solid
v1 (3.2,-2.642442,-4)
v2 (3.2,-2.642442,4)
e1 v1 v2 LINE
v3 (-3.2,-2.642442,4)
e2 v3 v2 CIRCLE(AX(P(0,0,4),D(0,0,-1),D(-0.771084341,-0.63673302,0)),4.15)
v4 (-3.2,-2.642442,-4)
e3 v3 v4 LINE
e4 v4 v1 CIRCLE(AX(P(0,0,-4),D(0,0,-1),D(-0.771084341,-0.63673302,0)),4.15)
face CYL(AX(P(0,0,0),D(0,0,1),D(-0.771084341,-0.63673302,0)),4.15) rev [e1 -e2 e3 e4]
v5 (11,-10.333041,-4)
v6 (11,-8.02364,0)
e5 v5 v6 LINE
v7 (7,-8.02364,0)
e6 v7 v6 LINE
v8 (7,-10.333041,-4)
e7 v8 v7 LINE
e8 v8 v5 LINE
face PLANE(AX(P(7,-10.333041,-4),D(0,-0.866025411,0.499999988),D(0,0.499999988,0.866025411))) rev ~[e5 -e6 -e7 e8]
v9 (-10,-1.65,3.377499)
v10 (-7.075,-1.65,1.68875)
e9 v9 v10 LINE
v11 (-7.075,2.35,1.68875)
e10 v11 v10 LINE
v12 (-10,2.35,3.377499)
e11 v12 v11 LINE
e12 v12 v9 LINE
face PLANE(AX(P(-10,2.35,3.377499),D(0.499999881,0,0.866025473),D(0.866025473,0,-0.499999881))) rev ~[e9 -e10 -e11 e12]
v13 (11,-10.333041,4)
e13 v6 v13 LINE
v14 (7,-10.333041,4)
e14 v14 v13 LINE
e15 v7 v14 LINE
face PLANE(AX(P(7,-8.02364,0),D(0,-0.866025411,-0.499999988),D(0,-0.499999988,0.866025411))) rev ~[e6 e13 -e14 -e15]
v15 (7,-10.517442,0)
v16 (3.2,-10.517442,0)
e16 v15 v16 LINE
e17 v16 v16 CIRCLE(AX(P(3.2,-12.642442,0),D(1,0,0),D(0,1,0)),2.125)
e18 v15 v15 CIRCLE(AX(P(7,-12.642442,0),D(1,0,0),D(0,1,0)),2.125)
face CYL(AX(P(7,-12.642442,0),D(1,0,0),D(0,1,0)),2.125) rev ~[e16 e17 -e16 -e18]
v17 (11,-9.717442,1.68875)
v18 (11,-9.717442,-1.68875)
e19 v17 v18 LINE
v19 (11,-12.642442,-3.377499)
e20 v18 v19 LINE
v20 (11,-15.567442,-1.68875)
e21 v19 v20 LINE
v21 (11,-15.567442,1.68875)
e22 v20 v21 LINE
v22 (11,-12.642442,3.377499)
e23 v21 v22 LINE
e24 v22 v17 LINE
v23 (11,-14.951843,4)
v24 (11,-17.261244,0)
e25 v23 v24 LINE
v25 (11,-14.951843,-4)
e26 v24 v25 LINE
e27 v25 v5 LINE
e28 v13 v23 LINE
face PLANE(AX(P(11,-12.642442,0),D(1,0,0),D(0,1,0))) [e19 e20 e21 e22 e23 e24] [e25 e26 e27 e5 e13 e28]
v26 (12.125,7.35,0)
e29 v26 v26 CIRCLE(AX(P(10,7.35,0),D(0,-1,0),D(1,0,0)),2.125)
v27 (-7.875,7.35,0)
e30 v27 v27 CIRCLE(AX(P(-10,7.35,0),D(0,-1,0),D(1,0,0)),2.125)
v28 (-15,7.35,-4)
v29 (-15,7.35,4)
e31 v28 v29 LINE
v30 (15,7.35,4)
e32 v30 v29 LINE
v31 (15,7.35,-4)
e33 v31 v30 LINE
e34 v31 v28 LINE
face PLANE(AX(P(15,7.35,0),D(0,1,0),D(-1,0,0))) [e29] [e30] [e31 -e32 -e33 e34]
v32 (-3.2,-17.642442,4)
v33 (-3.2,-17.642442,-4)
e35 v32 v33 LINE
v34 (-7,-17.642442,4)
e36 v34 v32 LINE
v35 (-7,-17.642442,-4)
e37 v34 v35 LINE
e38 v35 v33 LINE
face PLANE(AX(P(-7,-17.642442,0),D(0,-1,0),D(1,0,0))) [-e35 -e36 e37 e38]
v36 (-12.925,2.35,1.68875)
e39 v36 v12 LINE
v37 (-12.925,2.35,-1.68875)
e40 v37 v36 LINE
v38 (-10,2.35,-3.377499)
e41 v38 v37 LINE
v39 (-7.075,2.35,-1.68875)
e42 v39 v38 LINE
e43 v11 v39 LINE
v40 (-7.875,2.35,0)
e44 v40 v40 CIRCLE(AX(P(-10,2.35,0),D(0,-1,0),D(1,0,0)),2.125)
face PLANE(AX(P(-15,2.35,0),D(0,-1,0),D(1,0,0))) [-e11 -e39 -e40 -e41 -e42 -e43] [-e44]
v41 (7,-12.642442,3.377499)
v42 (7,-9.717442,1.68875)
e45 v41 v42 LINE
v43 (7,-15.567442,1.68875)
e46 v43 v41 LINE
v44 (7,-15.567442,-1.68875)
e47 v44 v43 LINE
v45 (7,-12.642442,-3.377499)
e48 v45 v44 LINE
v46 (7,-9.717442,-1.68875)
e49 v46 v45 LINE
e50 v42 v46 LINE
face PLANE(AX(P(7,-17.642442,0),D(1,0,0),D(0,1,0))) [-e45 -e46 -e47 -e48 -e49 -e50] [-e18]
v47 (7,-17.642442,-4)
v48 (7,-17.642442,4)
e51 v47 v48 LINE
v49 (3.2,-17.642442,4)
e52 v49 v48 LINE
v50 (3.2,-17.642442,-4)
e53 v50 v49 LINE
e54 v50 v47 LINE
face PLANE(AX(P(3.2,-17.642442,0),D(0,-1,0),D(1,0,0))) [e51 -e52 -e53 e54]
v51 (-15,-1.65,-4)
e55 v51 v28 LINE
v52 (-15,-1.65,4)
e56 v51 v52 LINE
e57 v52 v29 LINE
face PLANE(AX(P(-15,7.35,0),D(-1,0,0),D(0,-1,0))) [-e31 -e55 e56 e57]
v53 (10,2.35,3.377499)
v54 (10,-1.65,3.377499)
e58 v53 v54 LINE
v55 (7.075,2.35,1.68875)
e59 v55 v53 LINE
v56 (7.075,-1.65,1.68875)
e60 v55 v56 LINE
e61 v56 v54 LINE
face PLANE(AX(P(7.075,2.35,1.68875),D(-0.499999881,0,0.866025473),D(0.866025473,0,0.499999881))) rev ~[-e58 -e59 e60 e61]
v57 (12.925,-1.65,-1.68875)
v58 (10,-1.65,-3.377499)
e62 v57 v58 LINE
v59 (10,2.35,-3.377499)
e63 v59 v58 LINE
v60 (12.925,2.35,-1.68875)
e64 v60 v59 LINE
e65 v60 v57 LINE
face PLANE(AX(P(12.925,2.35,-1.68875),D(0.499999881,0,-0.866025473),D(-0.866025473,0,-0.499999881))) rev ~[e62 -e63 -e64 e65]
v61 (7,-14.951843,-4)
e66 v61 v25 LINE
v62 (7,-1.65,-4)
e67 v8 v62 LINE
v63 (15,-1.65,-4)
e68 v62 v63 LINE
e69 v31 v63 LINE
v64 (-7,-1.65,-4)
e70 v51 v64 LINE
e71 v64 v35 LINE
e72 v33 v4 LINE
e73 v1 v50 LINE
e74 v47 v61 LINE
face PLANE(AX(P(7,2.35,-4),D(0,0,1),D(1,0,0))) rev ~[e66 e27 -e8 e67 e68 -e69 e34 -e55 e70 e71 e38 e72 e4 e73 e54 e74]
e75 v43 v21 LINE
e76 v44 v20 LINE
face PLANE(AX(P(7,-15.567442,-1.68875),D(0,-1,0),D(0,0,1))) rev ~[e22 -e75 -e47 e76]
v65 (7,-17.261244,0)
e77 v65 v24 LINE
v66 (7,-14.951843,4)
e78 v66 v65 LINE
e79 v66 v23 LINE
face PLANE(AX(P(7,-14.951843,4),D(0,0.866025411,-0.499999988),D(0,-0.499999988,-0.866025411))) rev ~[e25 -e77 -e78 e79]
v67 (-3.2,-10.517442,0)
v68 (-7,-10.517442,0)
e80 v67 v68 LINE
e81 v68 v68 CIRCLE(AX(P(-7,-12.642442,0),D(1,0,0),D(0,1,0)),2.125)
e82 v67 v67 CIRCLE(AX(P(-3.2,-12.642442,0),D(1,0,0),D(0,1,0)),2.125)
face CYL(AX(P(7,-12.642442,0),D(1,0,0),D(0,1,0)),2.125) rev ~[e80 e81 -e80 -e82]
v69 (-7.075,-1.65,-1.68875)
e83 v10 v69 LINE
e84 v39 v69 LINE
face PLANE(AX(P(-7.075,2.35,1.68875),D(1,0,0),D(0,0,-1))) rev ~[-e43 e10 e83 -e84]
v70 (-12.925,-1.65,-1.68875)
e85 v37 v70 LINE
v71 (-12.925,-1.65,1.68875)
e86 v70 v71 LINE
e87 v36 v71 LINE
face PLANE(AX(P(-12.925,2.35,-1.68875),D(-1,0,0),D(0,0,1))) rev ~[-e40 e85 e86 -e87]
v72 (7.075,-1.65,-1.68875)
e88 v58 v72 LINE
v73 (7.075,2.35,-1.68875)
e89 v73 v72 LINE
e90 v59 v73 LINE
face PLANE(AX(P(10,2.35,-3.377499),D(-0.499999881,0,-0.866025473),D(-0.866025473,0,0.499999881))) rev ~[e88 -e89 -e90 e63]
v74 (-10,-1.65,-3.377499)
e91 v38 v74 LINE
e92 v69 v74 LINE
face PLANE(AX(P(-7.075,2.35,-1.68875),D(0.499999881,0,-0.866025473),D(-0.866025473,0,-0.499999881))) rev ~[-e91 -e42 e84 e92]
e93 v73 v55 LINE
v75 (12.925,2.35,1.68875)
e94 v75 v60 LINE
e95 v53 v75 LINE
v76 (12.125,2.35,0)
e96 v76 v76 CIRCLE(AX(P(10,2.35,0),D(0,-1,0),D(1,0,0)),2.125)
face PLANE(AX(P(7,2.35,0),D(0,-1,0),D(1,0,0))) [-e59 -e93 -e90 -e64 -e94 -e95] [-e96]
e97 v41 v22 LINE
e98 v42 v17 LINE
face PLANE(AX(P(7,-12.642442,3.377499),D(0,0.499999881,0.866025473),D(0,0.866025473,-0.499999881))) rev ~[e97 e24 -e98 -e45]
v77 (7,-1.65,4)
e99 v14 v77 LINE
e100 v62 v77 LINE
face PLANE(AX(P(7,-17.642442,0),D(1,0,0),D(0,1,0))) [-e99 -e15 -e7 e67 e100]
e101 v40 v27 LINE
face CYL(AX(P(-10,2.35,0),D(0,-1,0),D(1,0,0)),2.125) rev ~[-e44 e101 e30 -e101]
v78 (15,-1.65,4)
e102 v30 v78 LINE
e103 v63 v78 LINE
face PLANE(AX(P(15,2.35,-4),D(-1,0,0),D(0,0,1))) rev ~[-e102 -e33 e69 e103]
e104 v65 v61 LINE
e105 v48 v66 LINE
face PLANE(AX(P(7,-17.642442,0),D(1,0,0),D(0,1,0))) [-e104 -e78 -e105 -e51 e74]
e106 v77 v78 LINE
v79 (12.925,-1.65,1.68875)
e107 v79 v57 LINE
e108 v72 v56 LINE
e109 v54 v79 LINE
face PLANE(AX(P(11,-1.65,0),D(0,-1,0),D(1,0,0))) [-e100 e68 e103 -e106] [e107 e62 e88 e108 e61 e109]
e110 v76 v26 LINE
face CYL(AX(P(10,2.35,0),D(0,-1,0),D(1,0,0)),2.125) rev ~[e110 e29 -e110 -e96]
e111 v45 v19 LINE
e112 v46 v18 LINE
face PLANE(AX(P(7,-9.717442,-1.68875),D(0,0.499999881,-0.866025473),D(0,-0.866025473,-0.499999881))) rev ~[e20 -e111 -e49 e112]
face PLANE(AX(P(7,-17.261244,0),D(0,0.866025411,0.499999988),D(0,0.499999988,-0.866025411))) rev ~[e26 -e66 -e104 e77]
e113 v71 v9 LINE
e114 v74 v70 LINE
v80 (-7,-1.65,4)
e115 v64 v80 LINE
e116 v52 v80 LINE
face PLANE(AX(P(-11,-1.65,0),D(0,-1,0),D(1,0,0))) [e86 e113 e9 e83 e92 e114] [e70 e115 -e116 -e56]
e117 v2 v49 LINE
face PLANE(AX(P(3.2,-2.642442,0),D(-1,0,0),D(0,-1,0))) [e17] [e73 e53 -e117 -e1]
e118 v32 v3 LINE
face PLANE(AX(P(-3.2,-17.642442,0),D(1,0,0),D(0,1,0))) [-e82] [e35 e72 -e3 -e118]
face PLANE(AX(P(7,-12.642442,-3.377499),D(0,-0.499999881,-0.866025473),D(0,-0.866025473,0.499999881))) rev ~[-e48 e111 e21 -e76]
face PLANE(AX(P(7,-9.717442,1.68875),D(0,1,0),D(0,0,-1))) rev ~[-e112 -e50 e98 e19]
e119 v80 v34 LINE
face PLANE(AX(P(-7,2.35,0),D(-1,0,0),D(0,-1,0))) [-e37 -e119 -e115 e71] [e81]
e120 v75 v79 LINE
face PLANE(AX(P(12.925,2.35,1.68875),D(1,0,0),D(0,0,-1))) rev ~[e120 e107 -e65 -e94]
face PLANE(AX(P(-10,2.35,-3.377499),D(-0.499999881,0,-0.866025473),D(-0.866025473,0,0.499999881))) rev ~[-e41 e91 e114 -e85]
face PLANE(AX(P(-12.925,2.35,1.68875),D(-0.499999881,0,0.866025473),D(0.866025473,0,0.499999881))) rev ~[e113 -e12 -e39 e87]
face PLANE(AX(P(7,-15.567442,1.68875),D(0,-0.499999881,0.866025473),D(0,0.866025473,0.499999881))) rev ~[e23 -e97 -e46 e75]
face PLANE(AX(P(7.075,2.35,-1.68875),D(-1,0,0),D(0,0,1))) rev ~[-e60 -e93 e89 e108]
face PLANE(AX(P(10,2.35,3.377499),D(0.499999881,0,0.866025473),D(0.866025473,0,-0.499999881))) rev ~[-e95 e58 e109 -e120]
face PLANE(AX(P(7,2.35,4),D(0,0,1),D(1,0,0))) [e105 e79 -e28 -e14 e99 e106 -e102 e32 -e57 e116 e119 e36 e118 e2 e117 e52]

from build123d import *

# Parameters (mm, degrees)
F1_DEPTH = 4
F2_R     = 2.125
F3_DEPTH = 5.001
F4_W     = 8
F4_H     = 8
F5_DEPTH = 4
F6_R     = 2.125
F7_DEPTH = 22.001
F9_DEPTH = 4


with BuildPart() as f1:
    # F0 (on Top) → F1 (new body, symmetric)
    with BuildSketch(Plane.XY):
        with BuildLine():
            ThreePointArc((-3.2, -2.642442), (0, 4.15), (3.2, -2.642442))
            Line((3.2, -2.642442), (3.2, -17.642442))
            Line((3.2, -17.642442), (7, -17.642442))
            Line((7, -17.642442), (7, 2.35))
            Line((7, 2.35), (15, 2.35))
            Line((15, 2.35), (15, 7.35))
            Line((15, 7.35), (-15, 7.35))
            Line((-15, 7.35), (-15, 2.35))
            Line((-15, 2.35), (-7, 2.35))
            Line((-7, 2.35), (-7, -17.642442))
            Line((-7, -17.642442), (-3.2, -17.642442))
            Line((-3.2, -17.642442), (-3.2, -2.642442))
        make_face()
    extrude(amount=F1_DEPTH, both=True)

    # F2 (on face) → F3 (cut, through all)
    with BuildSketch(Plane.XZ.offset(-2.35)):
        with Locations((10, 0)):
            Circle(F2_R)
        with Locations((-10, 0)):
            Circle(F2_R)
    extrude(amount=-F3_DEPTH, mode=Mode.SUBTRACT)

    # F4 (on face) → F5 (join)
    with BuildSketch(Plane.XZ.offset(-2.35)):
        with Locations((11, 0)):
            Rectangle(F4_W, F4_H)
        Polygon((10, 3.377499), (12.925, 1.68875), (12.925, -1.68875), (10, -3.377499), (7.075, -1.68875), (7.075, 1.68875), align=None, mode=Mode.SUBTRACT)
        with Locations((-11, 0)):
            Rectangle(F4_W, F4_H)
        Polygon((-7.075, 1.68875), (-7.075, -1.68875), (-10, -3.377499), (-12.925, -1.68875), (-12.925, 1.68875), (-10, 3.377499), align=None, mode=Mode.SUBTRACT)
    extrude(amount=F5_DEPTH)

    # F6 (on face) → F7 (cut, through all)
    with BuildSketch(Plane.YZ.offset(7)):
        with Locations((-12.642442, 0)):
            Circle(F6_R)
    extrude(amount=-F7_DEPTH, mode=Mode.SUBTRACT)

    # F8 (on face) → F9 (join)
    with BuildSketch(Plane.YZ.offset(7)):
        Polygon((-14.951843, -4), (-10.333041, -4), (-8.02364, 0), (-10.333041, 4), (-14.951843, 4), (-17.261244, 0), align=None)
        Polygon((-12.642442, 3.377499), (-9.717442, 1.68875), (-9.717442, -1.68875), (-12.642442, -3.377499), (-15.567442, -1.68875), (-15.567442, 1.68875), align=None, mode=Mode.SUBTRACT)
    extrude(amount=F9_DEPTH)


solid = f1.part
